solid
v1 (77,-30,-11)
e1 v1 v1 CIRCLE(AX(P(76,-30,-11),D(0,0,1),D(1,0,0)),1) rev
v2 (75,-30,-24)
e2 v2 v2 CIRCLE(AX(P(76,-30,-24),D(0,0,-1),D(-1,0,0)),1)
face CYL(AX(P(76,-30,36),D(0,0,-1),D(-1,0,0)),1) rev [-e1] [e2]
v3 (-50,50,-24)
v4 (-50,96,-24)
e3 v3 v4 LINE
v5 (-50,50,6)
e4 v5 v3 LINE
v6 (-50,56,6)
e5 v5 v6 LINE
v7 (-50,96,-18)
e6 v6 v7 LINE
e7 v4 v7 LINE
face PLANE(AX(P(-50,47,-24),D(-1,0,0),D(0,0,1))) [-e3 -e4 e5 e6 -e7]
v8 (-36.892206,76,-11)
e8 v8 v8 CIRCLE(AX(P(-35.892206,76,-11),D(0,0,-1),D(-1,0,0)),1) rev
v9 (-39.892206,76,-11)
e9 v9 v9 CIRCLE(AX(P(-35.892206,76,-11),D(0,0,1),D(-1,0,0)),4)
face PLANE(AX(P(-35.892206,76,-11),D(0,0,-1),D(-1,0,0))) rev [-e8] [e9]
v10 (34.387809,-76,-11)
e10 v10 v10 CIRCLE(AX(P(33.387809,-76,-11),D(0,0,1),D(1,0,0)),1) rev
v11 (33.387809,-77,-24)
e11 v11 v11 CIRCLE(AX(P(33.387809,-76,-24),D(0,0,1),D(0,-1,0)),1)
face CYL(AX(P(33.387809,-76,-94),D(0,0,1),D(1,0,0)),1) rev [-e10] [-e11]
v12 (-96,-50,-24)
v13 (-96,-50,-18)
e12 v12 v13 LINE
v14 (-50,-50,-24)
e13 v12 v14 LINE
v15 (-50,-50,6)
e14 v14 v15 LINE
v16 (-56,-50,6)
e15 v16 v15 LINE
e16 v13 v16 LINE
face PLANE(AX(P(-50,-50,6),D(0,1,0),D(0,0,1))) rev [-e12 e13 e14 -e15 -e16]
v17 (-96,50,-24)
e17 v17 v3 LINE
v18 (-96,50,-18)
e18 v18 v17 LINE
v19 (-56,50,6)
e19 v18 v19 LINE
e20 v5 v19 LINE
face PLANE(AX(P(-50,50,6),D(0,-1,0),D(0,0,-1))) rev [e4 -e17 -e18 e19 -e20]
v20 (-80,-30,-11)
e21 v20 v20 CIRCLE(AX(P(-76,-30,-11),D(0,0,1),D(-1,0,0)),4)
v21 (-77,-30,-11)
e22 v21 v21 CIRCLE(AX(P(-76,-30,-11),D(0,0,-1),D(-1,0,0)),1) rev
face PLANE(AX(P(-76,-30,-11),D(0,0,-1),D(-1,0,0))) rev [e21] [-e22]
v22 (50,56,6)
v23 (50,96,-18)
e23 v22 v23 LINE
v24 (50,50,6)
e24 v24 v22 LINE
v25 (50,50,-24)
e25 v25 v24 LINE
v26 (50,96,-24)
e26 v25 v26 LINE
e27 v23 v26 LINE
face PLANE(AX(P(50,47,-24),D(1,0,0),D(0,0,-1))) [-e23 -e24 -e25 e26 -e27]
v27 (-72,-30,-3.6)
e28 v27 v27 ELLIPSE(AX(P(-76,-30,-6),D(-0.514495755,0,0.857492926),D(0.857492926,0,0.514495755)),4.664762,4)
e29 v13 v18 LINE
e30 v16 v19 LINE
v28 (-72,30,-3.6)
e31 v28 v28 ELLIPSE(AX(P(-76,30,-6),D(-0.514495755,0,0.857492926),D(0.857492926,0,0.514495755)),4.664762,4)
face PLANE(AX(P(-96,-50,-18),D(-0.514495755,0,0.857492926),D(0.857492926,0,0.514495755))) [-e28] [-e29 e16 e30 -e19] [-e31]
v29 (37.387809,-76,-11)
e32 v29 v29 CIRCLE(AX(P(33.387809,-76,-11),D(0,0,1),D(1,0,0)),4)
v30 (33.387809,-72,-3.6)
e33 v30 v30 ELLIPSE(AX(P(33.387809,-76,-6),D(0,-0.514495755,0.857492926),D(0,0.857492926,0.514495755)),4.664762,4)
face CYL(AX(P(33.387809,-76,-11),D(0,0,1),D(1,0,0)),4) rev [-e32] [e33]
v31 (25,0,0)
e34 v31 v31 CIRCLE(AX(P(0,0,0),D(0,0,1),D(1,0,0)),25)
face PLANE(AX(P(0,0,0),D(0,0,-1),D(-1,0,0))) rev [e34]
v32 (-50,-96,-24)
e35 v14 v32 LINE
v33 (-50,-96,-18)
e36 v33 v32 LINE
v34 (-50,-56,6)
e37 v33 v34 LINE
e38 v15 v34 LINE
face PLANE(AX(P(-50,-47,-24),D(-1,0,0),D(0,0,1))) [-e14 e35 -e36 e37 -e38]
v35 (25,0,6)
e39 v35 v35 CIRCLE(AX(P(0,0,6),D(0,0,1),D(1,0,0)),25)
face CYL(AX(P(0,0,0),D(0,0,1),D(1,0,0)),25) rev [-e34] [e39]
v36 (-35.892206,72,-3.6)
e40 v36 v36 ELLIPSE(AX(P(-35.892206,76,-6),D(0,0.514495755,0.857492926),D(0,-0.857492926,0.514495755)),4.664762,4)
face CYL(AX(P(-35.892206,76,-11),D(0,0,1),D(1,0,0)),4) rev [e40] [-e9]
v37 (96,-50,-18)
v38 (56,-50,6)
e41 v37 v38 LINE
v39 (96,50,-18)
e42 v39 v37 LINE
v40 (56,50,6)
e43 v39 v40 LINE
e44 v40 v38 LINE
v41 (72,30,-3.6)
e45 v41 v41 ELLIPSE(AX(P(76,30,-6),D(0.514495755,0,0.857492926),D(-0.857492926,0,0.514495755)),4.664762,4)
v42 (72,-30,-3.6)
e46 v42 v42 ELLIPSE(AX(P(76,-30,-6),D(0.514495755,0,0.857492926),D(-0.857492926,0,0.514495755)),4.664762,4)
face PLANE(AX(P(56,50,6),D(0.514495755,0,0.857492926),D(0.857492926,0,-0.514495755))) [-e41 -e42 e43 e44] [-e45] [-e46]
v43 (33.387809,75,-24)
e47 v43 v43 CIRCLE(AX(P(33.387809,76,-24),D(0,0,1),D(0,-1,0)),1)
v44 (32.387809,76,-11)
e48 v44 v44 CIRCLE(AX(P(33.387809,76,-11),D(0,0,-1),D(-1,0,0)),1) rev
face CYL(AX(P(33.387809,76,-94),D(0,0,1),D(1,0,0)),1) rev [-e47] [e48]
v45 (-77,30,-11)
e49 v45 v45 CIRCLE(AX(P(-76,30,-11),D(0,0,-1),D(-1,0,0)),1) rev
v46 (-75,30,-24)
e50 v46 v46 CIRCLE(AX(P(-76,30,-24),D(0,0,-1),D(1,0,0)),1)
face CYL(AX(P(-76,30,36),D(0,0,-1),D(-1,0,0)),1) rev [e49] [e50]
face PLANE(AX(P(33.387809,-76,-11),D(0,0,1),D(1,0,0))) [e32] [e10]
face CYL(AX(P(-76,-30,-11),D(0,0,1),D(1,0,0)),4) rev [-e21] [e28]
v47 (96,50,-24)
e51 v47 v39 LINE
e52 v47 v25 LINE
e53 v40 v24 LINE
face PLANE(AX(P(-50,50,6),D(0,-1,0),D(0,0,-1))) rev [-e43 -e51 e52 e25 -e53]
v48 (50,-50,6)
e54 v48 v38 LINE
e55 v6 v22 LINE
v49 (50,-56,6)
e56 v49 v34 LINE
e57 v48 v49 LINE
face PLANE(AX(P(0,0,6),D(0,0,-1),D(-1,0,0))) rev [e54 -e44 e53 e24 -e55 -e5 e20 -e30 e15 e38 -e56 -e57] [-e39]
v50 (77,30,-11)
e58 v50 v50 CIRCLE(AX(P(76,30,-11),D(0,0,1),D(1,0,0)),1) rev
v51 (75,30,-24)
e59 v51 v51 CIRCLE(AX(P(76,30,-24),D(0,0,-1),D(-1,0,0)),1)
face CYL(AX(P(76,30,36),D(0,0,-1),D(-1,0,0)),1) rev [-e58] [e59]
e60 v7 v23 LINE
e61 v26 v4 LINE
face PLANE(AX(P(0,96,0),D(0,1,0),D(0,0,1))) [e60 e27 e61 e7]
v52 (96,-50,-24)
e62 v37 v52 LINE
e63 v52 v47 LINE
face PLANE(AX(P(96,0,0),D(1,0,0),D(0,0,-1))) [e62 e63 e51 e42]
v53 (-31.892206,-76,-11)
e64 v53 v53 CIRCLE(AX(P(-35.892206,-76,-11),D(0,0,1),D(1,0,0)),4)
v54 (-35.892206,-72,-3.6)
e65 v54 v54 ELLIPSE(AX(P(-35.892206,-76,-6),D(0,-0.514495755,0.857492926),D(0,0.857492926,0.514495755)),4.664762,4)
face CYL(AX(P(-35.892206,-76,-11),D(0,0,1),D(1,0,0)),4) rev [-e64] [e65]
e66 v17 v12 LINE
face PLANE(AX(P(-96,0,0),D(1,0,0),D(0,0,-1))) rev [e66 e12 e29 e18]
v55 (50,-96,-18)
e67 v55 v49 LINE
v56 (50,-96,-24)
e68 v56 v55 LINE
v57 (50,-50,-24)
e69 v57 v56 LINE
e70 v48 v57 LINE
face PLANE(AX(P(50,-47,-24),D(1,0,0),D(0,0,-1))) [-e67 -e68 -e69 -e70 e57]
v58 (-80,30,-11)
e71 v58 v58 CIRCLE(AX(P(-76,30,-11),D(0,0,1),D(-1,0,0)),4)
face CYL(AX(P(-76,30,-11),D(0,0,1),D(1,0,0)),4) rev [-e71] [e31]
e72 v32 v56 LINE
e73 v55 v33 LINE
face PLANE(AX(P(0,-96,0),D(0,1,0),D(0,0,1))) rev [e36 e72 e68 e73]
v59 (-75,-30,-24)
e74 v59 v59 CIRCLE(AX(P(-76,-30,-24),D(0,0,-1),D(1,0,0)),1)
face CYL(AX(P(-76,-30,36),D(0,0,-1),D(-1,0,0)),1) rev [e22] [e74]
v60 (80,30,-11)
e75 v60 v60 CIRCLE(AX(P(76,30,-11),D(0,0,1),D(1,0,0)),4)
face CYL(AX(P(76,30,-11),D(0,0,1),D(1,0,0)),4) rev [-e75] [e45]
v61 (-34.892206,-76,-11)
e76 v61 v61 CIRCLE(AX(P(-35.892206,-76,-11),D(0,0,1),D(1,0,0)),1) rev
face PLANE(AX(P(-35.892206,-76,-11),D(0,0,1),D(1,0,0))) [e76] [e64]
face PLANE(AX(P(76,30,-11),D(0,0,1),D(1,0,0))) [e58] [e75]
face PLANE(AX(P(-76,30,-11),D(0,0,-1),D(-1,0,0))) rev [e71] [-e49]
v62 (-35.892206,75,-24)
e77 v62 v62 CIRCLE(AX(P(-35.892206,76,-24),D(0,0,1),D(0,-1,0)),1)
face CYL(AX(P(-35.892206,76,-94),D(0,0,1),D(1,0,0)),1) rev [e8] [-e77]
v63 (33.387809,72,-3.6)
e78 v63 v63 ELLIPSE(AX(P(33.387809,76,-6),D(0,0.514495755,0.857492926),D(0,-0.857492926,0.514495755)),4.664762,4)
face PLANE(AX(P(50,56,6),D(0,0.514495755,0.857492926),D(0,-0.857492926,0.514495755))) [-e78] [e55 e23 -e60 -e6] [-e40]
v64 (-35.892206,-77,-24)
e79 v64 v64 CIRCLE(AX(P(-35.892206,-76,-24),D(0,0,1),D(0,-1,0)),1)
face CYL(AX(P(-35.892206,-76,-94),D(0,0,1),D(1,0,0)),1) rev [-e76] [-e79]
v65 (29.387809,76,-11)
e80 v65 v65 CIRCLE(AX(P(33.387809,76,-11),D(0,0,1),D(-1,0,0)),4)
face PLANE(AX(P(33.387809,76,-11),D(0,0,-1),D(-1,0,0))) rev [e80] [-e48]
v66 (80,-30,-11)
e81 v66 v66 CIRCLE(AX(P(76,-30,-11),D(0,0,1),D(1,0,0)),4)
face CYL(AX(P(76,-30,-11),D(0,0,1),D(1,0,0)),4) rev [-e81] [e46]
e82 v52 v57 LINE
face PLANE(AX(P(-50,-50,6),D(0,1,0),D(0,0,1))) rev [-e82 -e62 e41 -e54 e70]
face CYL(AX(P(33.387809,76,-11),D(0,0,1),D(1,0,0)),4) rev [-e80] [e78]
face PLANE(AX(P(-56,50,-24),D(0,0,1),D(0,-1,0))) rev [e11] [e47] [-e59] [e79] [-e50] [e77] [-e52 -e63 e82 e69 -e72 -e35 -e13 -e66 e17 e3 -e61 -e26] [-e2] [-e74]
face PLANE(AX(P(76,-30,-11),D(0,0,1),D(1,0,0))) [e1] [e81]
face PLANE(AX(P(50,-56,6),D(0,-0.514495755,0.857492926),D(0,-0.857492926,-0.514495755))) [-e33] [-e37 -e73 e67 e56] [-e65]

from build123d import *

# Parameters (mm, degrees)
ESQUISSE1_W              = 100
ESQUISSE1_H              = 100
BOSS_EXTRU_1_DEPTH       = 6
ESQUISSE2_W              = 30
ESQUISSE2_H              = 100
BOSS_EXTRU_2_DEPTH       = 6
ESQUISSE3_W              = 30
ESQUISSE3_H              = 100
BOSS_EXTRU_3_DEPTH       = 6
ESQUISSE4_W              = 6
ESQUISSE4_H              = 100
BOSS_EXTRU_4_DEPTH       = 40
ESQUISSE5_W              = 6
ESQUISSE5_H              = 100
BOSS_EXTRU_5_DEPTH       = 40
BOSS_EXTRU_7_DEPTH       = 100
BOSS_EXTRU_8_DEPTH       = 100
ESQUISSE9_R              = 1
ENL_V_MAT_EXTRU_1_DEPTH  = 60
ESQUISSE10_R             = 4
ENL_V_MAT_EXTRU_2_DEPTH  = 17
BOSS_EXTRU_27_DEPTH      = 6
BOSS_EXTRU_27_DEPTH_BACK = 3
ESQUISSE28_W             = 100
ESQUISSE28_H             = 30
ESQUISSE29_W             = 100
ESQUISSE29_H             = 6
BOSS_EXTRU_28_DEPTH      = 40
BOSS_EXTRU_30_DEPTH      = 6
BOSS_EXTRU_30_DEPTH_BACK = 3
ESQUISSE30_W             = 100
ESQUISSE30_H             = 30
ESQUISSE31_W             = 100
ESQUISSE31_H             = 6
BOSS_EXTRU_31_DEPTH      = 40
BOSS_EXTRU_32_DEPTH      = 100
BOSS_EXTRU_33_DEPTH      = 100
ESQUISSE34_R             = 1
ENL_V_MAT_EXTRU_7_DEPTH  = 100
ESQUISSE35_R             = 4
ENL_V_MAT_EXTRU_8_DEPTH  = 17
ESQUISSE36_R             = 25
ENL_V_MAT_EXTRU_9_DEPTH  = 6
ESQUISSE37_W             = 100
ESQUISSE37_H             = 94.110781927
BOSS_EXTRU_34_DEPTH      = 24


with BuildPart() as part:
    # Esquisse1 → Boss.-Extru.1 (new body)
    with BuildSketch(Plane.XY):
        Rectangle(ESQUISSE1_W, ESQUISSE1_H)
    extrude(amount=BOSS_EXTRU_1_DEPTH)

    # Esquisse2 → Boss.-Extru.2 (add)
    with BuildSketch(Plane.ZY.offset(50)):
        with Locations((-9, 0)):
            Rectangle(ESQUISSE2_W, ESQUISSE2_H)
    extrude(amount=BOSS_EXTRU_2_DEPTH)

    # Esquisse3 → Boss.-Extru.3 (add)
    with BuildSketch(Plane(origin=(50, 0, 0), x_dir=(0, 0, -1), z_dir=(1, 0, 0))):
        with Locations((9, 0)):
            Rectangle(ESQUISSE3_W, ESQUISSE3_H)
    extrude(amount=BOSS_EXTRU_3_DEPTH)

    # Esquisse4 → Boss.-Extru.4 (add)
    with BuildSketch(Plane(origin=(56, 0, 0), x_dir=(0, 0, -1), z_dir=(1, 0, 0))):
        with Locations((21, 0)):
            Rectangle(ESQUISSE4_W, ESQUISSE4_H)
    extrude(amount=BOSS_EXTRU_4_DEPTH)

    # Esquisse5 → Boss.-Extru.5 (add)
    with BuildSketch(Plane.ZY.offset(56)):
        with Locations((-21, 0)):
            Rectangle(ESQUISSE5_W, ESQUISSE5_H)
    extrude(amount=BOSS_EXTRU_5_DEPTH)

    # Esquisse6 → Boss.-Extru.7 (add)
    with BuildSketch(Plane(origin=(0, 50, 0), x_dir=(1, 0, 0), z_dir=(0, 1, 0))):
        Polygon((-56, -6), (-56, 18), (-96, 18), align=None)
    extrude(amount=-BOSS_EXTRU_7_DEPTH)

    # Esquisse8 → Boss.-Extru.8 (add)
    with BuildSketch(Plane(origin=(0, -50, 0), x_dir=(-1, 0, 0), z_dir=(0, -1, 0))):
        Polygon((-56, -6), (-96, 18), (-56, 18), align=None)
    extrude(amount=-BOSS_EXTRU_8_DEPTH)

    # Esquisse9 → Enlèv. mat.-Extru.1 (cut)
    with BuildSketch(Plane(origin=(0, 0, -24), x_dir=(-1, 0, 0), z_dir=(0, 0, -1))):
        with Locations((-76, 30)):
            Circle(ESQUISSE9_R)
        with Locations((-76, -30)):
            Circle(ESQUISSE9_R)
        with Locations((76, -30)):
            Circle(ESQUISSE9_R)
        with Locations((76, 30)):
            Circle(ESQUISSE9_R)
    extrude(amount=-ENL_V_MAT_EXTRU_1_DEPTH, mode=Mode.SUBTRACT)

    # Esquisse10 → Enlèv. mat.-Extru.2 (cut)
    with BuildSketch(Plane.XY.offset(6)):
        with Locations((76, 30)):
            Circle(ESQUISSE10_R)
        with Locations((76, -30)):
            Circle(ESQUISSE10_R)
        with Locations((-76, -30)):
            Circle(ESQUISSE10_R)
        with Locations((-76, 30)):
            Circle(ESQUISSE10_R)
    extrude(amount=-ENL_V_MAT_EXTRU_2_DEPTH, mode=Mode.SUBTRACT)

    # Esquisse28 → Boss.-Extru.27 (add, two sides: drawn at the far end of the back side and taken through both)
    with BuildSketch(Plane(origin=(0, -50, 0), x_dir=(-1, 0, 0), z_dir=(0, -1, 0)).offset(-BOSS_EXTRU_27_DEPTH_BACK)):
        with Locations((0, 9)):
            Rectangle(ESQUISSE28_W, ESQUISSE28_H)
    extrude(amount=BOSS_EXTRU_27_DEPTH + BOSS_EXTRU_27_DEPTH_BACK)

    # Esquisse29 → Boss.-Extru.28 (add)
    with BuildSketch(Plane(origin=(0, -56, 0), x_dir=(-1, 0, 0), z_dir=(0, -1, 0))):
        with Locations((0, 21)):
            Rectangle(ESQUISSE29_W, ESQUISSE29_H)
    extrude(amount=BOSS_EXTRU_28_DEPTH)

    # Esquisse30 → Boss.-Extru.30 (add, two sides: drawn at the far end of the back side and taken through both)
    with BuildSketch(Plane(origin=(0, 50, 0), x_dir=(1, 0, 0), z_dir=(0, 1, 0)).offset(-BOSS_EXTRU_30_DEPTH_BACK)):
        with Locations((0, 9)):
            Rectangle(ESQUISSE30_W, ESQUISSE30_H)
    extrude(amount=BOSS_EXTRU_30_DEPTH + BOSS_EXTRU_30_DEPTH_BACK)

    # Esquisse31 → Boss.-Extru.31 (add)
    with BuildSketch(Plane(origin=(0, 56, 0), x_dir=(1, 0, 0), z_dir=(0, 1, 0))):
        with Locations((0, 21)):
            Rectangle(ESQUISSE31_W, ESQUISSE31_H)
    extrude(amount=BOSS_EXTRU_31_DEPTH)

    # Esquisse32 → Boss.-Extru.32 (add)
    with BuildSketch(Plane.ZY.offset(50)):
        Polygon((-18, -56), (6, -56), (-18, -96), align=None)
    extrude(amount=-BOSS_EXTRU_32_DEPTH)

    # Esquisse33 → Boss.-Extru.33 (add)
    with BuildSketch(Plane.ZY.offset(50)):
        Polygon((-18, 56), (6, 56), (-18, 96), align=None)
    extrude(amount=-BOSS_EXTRU_33_DEPTH)

    # Esquisse34 → Enlèv. mat.-Extru.7 (cut)
    with BuildSketch(Plane.XY.offset(6)):
        with Locations(Location((-35.892206296, -76, 0), (0, 0, 90))):
            Circle(ESQUISSE34_R)
        with Locations(Location((33.387808828, -76, 0), (0, 0, 90))):
            Circle(ESQUISSE34_R)
        with Locations(Location((33.387808828, 76, 0), (0, 0, 270))):
            Circle(ESQUISSE34_R)
        with Locations(Location((-35.892206296, 76, 0), (0, 0, 270))):
            Circle(ESQUISSE34_R)
    extrude(amount=-ENL_V_MAT_EXTRU_7_DEPTH, mode=Mode.SUBTRACT)

    # Esquisse35 → Enlèv. mat.-Extru.8 (cut)
    with BuildSketch(Plane.XY.offset(6)):
        with Locations((33.387808828, -76)):
            Circle(ESQUISSE35_R)
        with Locations((-35.892206296, -76)):
            Circle(ESQUISSE35_R)
        with Locations(Location((-35.892206296, 76, 0), (0, 0, 270))):
            Circle(ESQUISSE35_R)
        with Locations(Location((33.387808828, 76, 0), (0, 0, 270))):
            Circle(ESQUISSE35_R)
    extrude(amount=-ENL_V_MAT_EXTRU_8_DEPTH, mode=Mode.SUBTRACT)

    # Esquisse36 → Enlèv. mat.-Extru.9 (cut)
    with BuildSketch(Plane.XY.offset(6)):
        Circle(ESQUISSE36_R)
    extrude(amount=-ENL_V_MAT_EXTRU_9_DEPTH, mode=Mode.SUBTRACT)

    # Esquisse37 → Boss.-Extru.34 (add)
    with BuildSketch(Plane(origin=(0, 0, -24), x_dir=(-1, 0, 0), z_dir=(0, 0, -1))):
        with Locations((0, 0.055390964)):
            Rectangle(ESQUISSE37_W, ESQUISSE37_H)
    extrude(amount=-BOSS_EXTRU_34_DEPTH)


solid = part.part
